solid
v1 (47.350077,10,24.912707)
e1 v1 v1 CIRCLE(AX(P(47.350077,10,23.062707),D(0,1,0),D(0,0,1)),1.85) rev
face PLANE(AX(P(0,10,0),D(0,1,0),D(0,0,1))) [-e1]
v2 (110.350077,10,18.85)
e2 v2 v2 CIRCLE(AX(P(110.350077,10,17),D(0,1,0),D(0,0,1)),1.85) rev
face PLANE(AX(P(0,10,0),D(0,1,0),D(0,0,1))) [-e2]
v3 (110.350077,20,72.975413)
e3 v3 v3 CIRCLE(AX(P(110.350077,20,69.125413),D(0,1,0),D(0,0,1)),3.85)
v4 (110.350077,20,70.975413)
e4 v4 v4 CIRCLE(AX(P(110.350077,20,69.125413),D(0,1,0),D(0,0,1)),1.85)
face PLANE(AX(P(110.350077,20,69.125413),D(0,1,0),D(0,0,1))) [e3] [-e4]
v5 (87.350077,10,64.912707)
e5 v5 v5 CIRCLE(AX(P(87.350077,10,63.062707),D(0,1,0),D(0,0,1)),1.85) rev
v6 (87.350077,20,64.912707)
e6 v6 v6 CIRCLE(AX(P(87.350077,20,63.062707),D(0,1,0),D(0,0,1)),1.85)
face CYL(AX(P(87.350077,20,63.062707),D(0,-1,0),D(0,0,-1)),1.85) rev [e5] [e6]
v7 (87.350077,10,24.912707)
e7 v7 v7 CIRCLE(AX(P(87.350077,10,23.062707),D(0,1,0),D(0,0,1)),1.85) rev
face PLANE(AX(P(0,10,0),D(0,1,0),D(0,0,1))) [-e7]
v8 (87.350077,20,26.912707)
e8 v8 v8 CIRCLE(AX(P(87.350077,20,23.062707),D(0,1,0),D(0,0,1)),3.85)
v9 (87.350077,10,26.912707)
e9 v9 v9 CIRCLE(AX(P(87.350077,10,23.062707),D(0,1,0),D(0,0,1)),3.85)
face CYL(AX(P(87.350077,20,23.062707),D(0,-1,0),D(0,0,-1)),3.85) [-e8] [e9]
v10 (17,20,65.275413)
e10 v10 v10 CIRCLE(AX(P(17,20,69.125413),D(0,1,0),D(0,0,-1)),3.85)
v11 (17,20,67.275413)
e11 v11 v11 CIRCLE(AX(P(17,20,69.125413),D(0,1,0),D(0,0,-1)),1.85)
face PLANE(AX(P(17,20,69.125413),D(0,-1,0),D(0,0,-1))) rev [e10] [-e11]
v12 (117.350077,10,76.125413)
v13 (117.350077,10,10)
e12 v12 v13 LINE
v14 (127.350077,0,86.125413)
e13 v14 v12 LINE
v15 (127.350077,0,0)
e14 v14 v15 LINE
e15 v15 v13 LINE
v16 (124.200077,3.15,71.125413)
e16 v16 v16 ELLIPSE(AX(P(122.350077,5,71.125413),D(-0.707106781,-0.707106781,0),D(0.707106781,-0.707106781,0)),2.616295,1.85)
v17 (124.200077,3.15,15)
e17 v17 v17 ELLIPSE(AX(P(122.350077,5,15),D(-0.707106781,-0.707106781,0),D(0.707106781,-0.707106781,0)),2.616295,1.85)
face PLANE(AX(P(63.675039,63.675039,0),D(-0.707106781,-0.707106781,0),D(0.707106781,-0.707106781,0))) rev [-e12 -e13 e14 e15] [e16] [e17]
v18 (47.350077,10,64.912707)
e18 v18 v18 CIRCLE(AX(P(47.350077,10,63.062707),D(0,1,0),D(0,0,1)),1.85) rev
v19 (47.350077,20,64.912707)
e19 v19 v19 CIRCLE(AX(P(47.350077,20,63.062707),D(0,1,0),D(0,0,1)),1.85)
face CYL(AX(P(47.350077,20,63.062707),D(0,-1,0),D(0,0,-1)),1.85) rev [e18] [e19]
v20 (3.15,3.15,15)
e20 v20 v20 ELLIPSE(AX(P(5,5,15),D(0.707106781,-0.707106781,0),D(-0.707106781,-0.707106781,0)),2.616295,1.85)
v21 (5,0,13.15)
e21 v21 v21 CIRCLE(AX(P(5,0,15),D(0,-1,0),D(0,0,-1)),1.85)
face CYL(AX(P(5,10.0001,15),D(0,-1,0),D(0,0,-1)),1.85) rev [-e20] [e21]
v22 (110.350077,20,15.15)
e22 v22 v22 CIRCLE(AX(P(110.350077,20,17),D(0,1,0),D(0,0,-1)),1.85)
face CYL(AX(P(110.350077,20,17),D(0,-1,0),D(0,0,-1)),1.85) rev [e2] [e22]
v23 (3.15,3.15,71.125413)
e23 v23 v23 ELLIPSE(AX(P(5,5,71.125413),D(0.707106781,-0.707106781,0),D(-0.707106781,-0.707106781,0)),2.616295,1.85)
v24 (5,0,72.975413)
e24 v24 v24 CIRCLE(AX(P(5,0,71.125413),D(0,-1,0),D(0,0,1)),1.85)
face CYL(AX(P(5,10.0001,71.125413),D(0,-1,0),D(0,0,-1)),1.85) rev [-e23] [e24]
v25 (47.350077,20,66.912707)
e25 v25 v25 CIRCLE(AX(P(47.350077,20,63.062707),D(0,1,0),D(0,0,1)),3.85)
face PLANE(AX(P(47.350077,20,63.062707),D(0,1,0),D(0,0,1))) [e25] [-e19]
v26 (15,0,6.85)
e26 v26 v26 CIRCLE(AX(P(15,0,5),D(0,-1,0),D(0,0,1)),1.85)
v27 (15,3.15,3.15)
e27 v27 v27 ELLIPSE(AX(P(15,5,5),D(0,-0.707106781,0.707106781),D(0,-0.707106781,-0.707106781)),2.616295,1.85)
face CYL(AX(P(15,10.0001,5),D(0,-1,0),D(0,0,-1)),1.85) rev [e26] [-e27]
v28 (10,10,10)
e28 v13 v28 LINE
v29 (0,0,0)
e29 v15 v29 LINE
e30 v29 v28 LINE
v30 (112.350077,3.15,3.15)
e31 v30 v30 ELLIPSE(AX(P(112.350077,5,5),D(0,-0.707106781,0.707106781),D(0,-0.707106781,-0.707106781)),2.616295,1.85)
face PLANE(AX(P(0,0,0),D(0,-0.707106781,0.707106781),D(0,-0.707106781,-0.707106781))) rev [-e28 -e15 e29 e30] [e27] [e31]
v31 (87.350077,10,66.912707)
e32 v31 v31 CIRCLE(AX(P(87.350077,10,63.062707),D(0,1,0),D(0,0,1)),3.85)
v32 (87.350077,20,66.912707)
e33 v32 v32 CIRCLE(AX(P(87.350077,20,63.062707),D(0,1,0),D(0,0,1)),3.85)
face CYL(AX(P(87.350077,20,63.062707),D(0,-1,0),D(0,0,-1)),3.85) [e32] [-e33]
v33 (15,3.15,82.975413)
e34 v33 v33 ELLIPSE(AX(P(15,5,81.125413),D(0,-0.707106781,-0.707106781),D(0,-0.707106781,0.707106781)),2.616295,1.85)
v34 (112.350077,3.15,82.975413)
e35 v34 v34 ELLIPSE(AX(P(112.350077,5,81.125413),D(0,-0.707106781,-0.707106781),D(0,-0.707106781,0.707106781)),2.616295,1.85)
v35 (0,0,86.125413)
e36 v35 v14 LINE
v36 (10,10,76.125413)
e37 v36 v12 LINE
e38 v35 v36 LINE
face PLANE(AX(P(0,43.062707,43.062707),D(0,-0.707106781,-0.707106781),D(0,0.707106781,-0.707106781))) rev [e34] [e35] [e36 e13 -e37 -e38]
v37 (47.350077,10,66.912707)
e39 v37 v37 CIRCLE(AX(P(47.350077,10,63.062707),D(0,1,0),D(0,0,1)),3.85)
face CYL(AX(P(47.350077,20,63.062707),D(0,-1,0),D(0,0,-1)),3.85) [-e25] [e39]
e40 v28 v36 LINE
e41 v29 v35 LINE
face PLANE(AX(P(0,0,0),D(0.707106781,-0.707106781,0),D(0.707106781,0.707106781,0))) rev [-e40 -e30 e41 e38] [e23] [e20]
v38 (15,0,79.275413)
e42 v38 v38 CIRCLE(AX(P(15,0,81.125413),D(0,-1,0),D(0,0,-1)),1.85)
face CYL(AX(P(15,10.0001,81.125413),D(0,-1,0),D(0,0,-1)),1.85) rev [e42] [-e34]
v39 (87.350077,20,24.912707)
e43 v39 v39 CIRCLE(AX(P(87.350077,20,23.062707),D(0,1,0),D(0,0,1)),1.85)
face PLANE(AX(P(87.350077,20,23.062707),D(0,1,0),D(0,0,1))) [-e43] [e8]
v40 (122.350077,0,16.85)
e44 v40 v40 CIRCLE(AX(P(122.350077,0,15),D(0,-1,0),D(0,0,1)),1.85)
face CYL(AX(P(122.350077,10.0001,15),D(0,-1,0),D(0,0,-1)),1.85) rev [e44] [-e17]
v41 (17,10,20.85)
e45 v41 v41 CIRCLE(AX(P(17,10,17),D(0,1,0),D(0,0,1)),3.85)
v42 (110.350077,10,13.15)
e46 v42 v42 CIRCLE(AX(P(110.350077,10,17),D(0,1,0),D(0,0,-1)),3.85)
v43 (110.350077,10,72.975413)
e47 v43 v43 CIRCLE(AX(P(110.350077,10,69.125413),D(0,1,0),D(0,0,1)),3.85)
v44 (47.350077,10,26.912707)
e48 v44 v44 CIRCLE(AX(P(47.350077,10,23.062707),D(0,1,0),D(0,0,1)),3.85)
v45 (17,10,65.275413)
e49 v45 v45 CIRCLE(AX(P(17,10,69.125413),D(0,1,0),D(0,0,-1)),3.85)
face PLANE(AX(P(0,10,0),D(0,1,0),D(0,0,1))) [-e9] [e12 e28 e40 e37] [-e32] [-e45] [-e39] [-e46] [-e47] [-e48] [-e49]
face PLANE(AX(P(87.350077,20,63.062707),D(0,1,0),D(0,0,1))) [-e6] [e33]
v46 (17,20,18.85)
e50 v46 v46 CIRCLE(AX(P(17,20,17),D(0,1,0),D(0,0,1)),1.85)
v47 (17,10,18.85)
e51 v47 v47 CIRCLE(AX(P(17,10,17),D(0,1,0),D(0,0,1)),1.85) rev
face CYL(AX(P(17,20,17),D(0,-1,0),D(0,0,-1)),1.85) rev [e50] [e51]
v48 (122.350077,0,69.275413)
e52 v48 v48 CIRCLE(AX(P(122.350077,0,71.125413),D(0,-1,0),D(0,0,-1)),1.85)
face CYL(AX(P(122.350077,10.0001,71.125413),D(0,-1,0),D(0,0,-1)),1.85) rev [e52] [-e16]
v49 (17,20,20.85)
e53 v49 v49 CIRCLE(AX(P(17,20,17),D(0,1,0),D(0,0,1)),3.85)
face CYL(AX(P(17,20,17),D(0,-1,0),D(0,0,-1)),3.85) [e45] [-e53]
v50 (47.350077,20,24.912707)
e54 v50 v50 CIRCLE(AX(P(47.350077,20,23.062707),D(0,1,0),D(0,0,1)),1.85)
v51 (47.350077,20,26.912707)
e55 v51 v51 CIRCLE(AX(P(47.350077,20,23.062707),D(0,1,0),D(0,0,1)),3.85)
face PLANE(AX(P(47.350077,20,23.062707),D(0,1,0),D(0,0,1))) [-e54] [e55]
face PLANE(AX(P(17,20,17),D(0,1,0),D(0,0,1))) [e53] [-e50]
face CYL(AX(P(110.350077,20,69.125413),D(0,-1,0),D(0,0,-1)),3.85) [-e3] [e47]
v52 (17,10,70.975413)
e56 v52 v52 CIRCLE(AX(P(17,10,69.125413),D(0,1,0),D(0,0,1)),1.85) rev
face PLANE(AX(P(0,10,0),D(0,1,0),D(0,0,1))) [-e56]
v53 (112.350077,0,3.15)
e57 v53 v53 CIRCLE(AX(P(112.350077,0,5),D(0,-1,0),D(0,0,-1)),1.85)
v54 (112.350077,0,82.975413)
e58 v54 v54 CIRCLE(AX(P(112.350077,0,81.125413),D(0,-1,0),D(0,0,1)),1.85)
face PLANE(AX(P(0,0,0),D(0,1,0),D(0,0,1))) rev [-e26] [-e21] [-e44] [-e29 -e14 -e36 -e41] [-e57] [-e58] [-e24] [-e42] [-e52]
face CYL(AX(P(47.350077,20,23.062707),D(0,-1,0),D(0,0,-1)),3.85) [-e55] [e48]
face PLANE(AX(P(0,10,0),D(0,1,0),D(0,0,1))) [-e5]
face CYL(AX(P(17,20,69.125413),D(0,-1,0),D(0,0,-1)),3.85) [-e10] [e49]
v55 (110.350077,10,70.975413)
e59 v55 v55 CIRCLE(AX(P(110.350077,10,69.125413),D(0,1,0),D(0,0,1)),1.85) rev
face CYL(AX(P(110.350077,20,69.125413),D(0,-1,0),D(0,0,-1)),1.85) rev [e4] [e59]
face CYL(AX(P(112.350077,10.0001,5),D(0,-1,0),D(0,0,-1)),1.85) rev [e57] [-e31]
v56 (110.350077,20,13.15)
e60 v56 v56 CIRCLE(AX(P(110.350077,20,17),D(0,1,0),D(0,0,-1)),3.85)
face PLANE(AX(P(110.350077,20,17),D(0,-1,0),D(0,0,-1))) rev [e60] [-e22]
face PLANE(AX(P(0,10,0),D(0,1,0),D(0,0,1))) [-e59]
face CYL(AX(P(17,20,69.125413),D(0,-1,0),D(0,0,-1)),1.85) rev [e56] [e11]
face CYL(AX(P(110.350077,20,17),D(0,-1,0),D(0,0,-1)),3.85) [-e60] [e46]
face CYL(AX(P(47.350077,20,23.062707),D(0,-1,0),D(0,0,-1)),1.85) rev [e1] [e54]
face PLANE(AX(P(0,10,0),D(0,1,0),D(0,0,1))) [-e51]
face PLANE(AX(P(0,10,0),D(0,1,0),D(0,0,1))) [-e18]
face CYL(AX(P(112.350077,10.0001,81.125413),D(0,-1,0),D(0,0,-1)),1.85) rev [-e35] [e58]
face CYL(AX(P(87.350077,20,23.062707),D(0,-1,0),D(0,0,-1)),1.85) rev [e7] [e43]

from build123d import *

# Parameters (mm, degrees)
SKETCH3_R           = 1.85
CUT_EXTRUDE1_DEPTH  = 155.06371723
SKETCH4_R           = 3.85
SKETCH4_R_2         = 1.85
BOSS_EXTRUDE1_DEPTH = 10
SKETCH_2_R          = 3.85
SKETCH_2_R_2        = 1.85
EXTRUDE_1_DEPTH     = 10


with BuildPart() as part:
    # Sketch1 → Loft1 section 0
    with BuildSketch(Plane(origin=(0, 0, 0), x_dir=(1, 0, 0), z_dir=(0, 1, 0))):
        with BuildLine():
            Line((0, 0), (127.35007717, 0))
            Line((127.35007717, 0), (127.35007717, -86.125413014))
            Line((127.35007717, -86.125413014), (0, -86.125413014))
            Line((0, -86.125413014), (0, 0))
        make_face()
    # Sketch2 → Loft1 section 1
    with BuildSketch(Plane(origin=(0, 10, 0), x_dir=(1, 0, 0), z_dir=(0, 1, 0))):
        with BuildLine():
            Line((10, -10), (10, -76.125413014))
            Line((10, -76.125413014), (117.35007717, -76.125413014))
            Line((117.35007717, -76.125413014), (117.35007717, -10))
            Line((117.35007717, -10), (10, -10))
        make_face()
    loft()

    # Sketch3 → Cut-Extrude1 (cut, through all)
    with BuildSketch(Plane.XZ):
        with Locations(Location((5, 15, 0), (0, 0, 270))):
            Circle(SKETCH3_R)
        with Locations(Location((5, 71.125413014, 0), (0, 0, 180))):
            Circle(SKETCH3_R)
        with Locations(Location((122.35007717, 71.125413014, 0), (0, 0, 270))):
            Circle(SKETCH3_R)
        with Locations((122.35007717, 15)):
            Circle(SKETCH3_R)
        with Locations(Location((15, 5, 0), (0, 0, 270))):
            Circle(SKETCH3_R)
        with Locations(Location((15, 81.125413014, 0), (0, 0, 270))):
            Circle(SKETCH3_R)
        with Locations(Location((112.35007717, 81.125413014, 0), (0, 0, 90))):
            Circle(SKETCH3_R)
        with Locations(Location((112.35007717, 5, 0), (0, 0, 270))):
            Circle(SKETCH3_R)
    extrude(amount=-CUT_EXTRUDE1_DEPTH, mode=Mode.SUBTRACT)

    # Sketch4 → Boss-Extrude1 (add)
    # profile 1 of 4: a face of its own
    with BuildSketch(Plane(origin=(0, 10, 0), x_dir=(1, 0, 0), z_dir=(0, 1, 0))):
        with Locations(Location((110.35007717, -69.125413014, 0), (0, 0, 270))):
            Circle(SKETCH4_R)
        with Locations(Location((110.35007717, -69.125413014, 0), (0, 0, 270))):
            Circle(SKETCH4_R_2, mode=Mode.SUBTRACT)
    # profile 2 of 4: a face of its own
    with BuildSketch(Plane(origin=(0, 10, 0), x_dir=(1, 0, 0), z_dir=(0, 1, 0))):
        with Locations(Location((110.35007717, -17, 0), (0, 0, 90))):
            Circle(SKETCH4_R)
        with Locations(Location((110.35007717, -17, 0), (0, 0, 90))):
            Circle(SKETCH4_R_2, mode=Mode.SUBTRACT)
    # profile 3 of 4: a face of its own
    with BuildSketch(Plane(origin=(0, 10, 0), x_dir=(1, 0, 0), z_dir=(0, 1, 0))):
        with Locations(Location((17, -17, 0), (0, 0, 270))):
            Circle(SKETCH4_R)
        with Locations(Location((17, -17, 0), (0, 0, 270))):
            Circle(SKETCH4_R_2, mode=Mode.SUBTRACT)
    # profile 4 of 4: a face of its own
    with BuildSketch(Plane(origin=(0, 10, 0), x_dir=(1, 0, 0), z_dir=(0, 1, 0))):
        with Locations(Location((17, -69.125413014, 0), (0, 0, 90))):
            Circle(SKETCH4_R)
        with Locations(Location((17, -69.125413014, 0), (0, 0, 90))):
            Circle(SKETCH4_R_2, mode=Mode.SUBTRACT)
    extrude(amount=BOSS_EXTRUDE1_DEPTH)

    # Эскиз2 → Бобышка-Вытянуть1 (add)
    # profile 1 of 4: a face of its own
    with BuildSketch(Plane(origin=(0, 10, 0), x_dir=(1, 0, 0), z_dir=(0, 1, 0))):
        with Locations(Location((87.35007717, -23.062706507, 0), (0, 0, 270))):
            Circle(SKETCH_2_R)
        with Locations(Location((87.35007717, -23.062706507, 0), (0, 0, 270))):
            Circle(SKETCH_2_R_2, mode=Mode.SUBTRACT)
    # profile 2 of 4: a face of its own
    with BuildSketch(Plane(origin=(0, 10, 0), x_dir=(1, 0, 0), z_dir=(0, 1, 0))):
        with Locations(Location((47.35007717, -23.062706507, 0), (0, 0, 270))):
            Circle(SKETCH_2_R)
        with Locations(Location((47.35007717, -23.062706507, 0), (0, 0, 270))):
            Circle(SKETCH_2_R_2, mode=Mode.SUBTRACT)
    # profile 3 of 4: a face of its own
    with BuildSketch(Plane(origin=(0, 10, 0), x_dir=(1, 0, 0), z_dir=(0, 1, 0))):
        with Locations(Location((47.35007717, -63.062706507, 0), (0, 0, 270))):
            Circle(SKETCH_2_R)
        with Locations(Location((47.35007717, -63.062706507, 0), (0, 0, 270))):
            Circle(SKETCH_2_R_2, mode=Mode.SUBTRACT)
    # profile 4 of 4: a face of its own
    with BuildSketch(Plane(origin=(0, 10, 0), x_dir=(1, 0, 0), z_dir=(0, 1, 0))):
        with Locations(Location((87.35007717, -63.062706507, 0), (0, 0, 270))):
            Circle(SKETCH_2_R)
        with Locations(Location((87.35007717, -63.062706507, 0), (0, 0, 270))):
            Circle(SKETCH_2_R_2, mode=Mode.SUBTRACT)
    extrude(amount=EXTRUDE_1_DEPTH)


solid = part.part
